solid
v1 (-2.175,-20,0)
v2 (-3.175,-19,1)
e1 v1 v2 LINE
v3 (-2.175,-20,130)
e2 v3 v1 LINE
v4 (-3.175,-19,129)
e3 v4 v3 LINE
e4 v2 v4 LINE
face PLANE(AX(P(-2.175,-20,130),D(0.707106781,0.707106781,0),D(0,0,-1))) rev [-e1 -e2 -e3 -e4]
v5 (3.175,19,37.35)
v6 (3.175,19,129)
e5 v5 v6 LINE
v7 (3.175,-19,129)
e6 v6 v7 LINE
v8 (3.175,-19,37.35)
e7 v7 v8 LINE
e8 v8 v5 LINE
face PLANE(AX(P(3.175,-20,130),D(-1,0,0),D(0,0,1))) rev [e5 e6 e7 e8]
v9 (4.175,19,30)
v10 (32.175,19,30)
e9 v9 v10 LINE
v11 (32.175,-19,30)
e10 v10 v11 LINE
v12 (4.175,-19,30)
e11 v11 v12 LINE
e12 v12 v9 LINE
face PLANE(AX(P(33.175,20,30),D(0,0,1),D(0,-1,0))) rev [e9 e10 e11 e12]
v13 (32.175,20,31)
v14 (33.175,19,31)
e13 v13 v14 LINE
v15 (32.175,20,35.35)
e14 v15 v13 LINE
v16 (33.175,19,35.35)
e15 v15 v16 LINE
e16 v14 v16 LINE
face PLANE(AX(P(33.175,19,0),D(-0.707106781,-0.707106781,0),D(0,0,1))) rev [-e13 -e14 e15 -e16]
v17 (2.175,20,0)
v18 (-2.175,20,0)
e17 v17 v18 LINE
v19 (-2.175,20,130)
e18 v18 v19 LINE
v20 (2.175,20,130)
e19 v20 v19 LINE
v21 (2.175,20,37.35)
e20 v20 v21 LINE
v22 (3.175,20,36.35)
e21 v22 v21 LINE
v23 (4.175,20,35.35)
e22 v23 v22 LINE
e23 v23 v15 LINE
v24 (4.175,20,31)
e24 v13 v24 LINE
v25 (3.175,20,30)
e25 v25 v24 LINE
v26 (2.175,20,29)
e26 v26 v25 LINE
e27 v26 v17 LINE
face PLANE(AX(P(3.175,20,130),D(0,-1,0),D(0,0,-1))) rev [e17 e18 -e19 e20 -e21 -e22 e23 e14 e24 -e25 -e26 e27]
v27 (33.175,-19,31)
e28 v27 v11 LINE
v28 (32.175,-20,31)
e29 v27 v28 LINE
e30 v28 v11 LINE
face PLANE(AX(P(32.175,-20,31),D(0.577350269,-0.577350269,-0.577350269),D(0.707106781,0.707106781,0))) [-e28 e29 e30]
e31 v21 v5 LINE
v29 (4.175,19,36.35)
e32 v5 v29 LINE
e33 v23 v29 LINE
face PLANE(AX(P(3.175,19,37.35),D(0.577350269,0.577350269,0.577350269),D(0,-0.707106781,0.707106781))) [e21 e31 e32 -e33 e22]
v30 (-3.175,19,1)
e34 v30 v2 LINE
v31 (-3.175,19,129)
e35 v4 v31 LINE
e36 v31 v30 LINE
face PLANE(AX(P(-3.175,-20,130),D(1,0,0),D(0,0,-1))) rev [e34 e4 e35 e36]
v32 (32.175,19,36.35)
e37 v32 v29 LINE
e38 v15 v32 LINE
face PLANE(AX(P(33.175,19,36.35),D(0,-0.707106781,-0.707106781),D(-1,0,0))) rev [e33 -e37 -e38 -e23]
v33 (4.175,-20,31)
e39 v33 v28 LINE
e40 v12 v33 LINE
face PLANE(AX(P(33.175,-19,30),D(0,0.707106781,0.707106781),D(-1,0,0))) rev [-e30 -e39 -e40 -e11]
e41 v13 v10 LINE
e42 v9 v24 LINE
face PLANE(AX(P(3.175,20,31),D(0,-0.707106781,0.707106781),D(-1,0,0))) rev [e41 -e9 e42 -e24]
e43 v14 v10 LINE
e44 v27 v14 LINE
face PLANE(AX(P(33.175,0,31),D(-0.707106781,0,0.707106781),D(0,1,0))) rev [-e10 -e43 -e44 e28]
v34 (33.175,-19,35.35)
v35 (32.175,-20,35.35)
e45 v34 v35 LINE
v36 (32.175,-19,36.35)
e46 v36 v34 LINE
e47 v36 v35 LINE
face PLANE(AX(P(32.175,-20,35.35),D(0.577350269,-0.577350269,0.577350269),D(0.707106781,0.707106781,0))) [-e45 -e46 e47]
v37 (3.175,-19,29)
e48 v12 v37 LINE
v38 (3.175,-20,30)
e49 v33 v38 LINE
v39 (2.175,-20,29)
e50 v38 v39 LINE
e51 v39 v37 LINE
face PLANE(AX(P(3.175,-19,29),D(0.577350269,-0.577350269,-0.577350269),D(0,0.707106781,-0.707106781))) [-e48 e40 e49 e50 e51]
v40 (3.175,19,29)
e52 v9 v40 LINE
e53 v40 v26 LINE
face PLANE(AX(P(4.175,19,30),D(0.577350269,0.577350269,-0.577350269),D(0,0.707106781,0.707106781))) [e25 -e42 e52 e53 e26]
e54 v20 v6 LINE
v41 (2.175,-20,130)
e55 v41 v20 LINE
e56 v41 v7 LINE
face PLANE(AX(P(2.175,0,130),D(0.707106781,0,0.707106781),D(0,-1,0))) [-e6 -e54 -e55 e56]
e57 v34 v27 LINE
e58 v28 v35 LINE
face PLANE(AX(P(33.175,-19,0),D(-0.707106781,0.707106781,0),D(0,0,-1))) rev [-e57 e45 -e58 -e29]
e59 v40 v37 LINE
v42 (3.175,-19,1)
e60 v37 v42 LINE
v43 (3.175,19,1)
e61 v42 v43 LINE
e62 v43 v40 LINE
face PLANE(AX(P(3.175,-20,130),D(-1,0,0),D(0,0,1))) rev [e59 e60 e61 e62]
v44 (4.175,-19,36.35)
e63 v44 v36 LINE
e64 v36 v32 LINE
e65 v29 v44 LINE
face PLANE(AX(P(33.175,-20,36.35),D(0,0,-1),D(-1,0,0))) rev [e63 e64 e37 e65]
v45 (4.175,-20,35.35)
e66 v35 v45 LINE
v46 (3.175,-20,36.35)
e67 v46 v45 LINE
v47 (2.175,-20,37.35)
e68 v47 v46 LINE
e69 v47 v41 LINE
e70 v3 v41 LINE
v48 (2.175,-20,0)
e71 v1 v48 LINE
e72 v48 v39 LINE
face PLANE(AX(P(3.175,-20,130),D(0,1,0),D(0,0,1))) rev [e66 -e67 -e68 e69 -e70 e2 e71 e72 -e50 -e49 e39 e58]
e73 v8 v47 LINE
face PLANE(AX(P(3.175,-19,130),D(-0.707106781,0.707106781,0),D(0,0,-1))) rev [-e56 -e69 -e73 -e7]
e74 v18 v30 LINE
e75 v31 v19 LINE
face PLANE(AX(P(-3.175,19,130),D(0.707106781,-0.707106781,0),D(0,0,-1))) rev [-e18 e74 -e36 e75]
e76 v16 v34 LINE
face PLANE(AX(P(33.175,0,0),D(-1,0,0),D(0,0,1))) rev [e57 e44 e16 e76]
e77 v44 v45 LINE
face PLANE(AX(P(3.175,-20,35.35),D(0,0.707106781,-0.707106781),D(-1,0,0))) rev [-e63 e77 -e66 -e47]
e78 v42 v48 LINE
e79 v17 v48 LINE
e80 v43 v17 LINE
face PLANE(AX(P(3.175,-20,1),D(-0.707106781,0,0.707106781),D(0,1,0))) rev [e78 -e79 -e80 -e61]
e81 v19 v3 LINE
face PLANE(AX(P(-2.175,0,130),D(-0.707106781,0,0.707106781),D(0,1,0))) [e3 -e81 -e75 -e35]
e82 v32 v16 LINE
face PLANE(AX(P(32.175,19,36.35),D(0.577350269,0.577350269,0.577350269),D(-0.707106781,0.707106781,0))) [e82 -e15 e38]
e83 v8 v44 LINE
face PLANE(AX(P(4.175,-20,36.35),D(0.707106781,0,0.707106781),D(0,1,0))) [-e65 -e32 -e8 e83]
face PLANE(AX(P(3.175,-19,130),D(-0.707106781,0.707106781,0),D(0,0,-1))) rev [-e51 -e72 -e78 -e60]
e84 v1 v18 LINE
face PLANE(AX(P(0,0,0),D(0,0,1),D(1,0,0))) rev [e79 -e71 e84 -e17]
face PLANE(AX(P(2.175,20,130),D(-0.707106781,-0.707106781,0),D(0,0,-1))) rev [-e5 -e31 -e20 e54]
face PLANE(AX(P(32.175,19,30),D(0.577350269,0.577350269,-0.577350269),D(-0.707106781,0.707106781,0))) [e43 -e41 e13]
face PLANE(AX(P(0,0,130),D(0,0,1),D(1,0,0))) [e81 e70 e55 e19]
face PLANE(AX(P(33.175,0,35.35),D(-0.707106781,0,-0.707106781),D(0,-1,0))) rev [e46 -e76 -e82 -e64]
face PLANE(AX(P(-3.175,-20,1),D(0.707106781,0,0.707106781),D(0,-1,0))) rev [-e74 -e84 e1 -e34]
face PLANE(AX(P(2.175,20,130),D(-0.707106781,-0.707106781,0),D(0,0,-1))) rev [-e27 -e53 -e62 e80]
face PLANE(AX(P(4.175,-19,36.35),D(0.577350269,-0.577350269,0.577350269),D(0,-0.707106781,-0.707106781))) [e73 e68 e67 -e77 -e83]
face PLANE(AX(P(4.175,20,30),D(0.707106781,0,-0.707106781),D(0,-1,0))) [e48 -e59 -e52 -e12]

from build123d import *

# Parameters (mm, degrees)
CROQUIS1_W              = 6.35
CROQUIS1_H              = 40
SALIENTE_EXTRUIR1_DEPTH = 130
CROQUIS2_W              = 6.35
CROQUIS2_H              = 40
SALIENTE_EXTRUIR2_DEPTH = 30
CHAFL_N1_SIZE           = 1


with BuildPart() as part:
    # Croquis1 → Saliente-Extruir1 (new body)
    with BuildSketch(Plane.XY):
        Rectangle(CROQUIS1_W, CROQUIS1_H)
    extrude(amount=SALIENTE_EXTRUIR1_DEPTH)

    # Croquis2 → Saliente-Extruir2 (add)
    with BuildSketch(Plane(origin=(3.175, 0, 0), x_dir=(0, 0, -1), z_dir=(1, 0, 0))):
        with Locations((-33.175, 0)):
            Rectangle(CROQUIS2_W, CROQUIS2_H)
    extrude(amount=SALIENTE_EXTRUIR2_DEPTH)

    # Chaflán1
    chafl_n1_edges = [part.edges().sort_by_distance(p)[0] for p in [
        (3.175, 0, 130),
        (3.175, 20, 15),
        (3.175, -20, 15),
        (18.175, 20, 30),
        (3.175, 0, 36.35),
        (18.175, 20, 36.35),
        (18.175, -20, 36.35),
        (3.175, 0, 30),
        (18.175, -20, 30),
        (33.175, 20, 33.175),
        (33.175, 0, 36.35),
        (33.175, -20, 33.175),
        (33.175, 0, 30),
        (-3.175, 0, 130),
        (3.175, 0, 0),
        (-3.175, 0, 0),
        (-3.175, 20, 65),
        (3.175, 20, 83.175),
        (3.175, -20, 83.175),
        (-3.175, -20, 65),
    ]]
    chamfer(chafl_n1_edges, length=CHAFL_N1_SIZE)


solid = part.part
